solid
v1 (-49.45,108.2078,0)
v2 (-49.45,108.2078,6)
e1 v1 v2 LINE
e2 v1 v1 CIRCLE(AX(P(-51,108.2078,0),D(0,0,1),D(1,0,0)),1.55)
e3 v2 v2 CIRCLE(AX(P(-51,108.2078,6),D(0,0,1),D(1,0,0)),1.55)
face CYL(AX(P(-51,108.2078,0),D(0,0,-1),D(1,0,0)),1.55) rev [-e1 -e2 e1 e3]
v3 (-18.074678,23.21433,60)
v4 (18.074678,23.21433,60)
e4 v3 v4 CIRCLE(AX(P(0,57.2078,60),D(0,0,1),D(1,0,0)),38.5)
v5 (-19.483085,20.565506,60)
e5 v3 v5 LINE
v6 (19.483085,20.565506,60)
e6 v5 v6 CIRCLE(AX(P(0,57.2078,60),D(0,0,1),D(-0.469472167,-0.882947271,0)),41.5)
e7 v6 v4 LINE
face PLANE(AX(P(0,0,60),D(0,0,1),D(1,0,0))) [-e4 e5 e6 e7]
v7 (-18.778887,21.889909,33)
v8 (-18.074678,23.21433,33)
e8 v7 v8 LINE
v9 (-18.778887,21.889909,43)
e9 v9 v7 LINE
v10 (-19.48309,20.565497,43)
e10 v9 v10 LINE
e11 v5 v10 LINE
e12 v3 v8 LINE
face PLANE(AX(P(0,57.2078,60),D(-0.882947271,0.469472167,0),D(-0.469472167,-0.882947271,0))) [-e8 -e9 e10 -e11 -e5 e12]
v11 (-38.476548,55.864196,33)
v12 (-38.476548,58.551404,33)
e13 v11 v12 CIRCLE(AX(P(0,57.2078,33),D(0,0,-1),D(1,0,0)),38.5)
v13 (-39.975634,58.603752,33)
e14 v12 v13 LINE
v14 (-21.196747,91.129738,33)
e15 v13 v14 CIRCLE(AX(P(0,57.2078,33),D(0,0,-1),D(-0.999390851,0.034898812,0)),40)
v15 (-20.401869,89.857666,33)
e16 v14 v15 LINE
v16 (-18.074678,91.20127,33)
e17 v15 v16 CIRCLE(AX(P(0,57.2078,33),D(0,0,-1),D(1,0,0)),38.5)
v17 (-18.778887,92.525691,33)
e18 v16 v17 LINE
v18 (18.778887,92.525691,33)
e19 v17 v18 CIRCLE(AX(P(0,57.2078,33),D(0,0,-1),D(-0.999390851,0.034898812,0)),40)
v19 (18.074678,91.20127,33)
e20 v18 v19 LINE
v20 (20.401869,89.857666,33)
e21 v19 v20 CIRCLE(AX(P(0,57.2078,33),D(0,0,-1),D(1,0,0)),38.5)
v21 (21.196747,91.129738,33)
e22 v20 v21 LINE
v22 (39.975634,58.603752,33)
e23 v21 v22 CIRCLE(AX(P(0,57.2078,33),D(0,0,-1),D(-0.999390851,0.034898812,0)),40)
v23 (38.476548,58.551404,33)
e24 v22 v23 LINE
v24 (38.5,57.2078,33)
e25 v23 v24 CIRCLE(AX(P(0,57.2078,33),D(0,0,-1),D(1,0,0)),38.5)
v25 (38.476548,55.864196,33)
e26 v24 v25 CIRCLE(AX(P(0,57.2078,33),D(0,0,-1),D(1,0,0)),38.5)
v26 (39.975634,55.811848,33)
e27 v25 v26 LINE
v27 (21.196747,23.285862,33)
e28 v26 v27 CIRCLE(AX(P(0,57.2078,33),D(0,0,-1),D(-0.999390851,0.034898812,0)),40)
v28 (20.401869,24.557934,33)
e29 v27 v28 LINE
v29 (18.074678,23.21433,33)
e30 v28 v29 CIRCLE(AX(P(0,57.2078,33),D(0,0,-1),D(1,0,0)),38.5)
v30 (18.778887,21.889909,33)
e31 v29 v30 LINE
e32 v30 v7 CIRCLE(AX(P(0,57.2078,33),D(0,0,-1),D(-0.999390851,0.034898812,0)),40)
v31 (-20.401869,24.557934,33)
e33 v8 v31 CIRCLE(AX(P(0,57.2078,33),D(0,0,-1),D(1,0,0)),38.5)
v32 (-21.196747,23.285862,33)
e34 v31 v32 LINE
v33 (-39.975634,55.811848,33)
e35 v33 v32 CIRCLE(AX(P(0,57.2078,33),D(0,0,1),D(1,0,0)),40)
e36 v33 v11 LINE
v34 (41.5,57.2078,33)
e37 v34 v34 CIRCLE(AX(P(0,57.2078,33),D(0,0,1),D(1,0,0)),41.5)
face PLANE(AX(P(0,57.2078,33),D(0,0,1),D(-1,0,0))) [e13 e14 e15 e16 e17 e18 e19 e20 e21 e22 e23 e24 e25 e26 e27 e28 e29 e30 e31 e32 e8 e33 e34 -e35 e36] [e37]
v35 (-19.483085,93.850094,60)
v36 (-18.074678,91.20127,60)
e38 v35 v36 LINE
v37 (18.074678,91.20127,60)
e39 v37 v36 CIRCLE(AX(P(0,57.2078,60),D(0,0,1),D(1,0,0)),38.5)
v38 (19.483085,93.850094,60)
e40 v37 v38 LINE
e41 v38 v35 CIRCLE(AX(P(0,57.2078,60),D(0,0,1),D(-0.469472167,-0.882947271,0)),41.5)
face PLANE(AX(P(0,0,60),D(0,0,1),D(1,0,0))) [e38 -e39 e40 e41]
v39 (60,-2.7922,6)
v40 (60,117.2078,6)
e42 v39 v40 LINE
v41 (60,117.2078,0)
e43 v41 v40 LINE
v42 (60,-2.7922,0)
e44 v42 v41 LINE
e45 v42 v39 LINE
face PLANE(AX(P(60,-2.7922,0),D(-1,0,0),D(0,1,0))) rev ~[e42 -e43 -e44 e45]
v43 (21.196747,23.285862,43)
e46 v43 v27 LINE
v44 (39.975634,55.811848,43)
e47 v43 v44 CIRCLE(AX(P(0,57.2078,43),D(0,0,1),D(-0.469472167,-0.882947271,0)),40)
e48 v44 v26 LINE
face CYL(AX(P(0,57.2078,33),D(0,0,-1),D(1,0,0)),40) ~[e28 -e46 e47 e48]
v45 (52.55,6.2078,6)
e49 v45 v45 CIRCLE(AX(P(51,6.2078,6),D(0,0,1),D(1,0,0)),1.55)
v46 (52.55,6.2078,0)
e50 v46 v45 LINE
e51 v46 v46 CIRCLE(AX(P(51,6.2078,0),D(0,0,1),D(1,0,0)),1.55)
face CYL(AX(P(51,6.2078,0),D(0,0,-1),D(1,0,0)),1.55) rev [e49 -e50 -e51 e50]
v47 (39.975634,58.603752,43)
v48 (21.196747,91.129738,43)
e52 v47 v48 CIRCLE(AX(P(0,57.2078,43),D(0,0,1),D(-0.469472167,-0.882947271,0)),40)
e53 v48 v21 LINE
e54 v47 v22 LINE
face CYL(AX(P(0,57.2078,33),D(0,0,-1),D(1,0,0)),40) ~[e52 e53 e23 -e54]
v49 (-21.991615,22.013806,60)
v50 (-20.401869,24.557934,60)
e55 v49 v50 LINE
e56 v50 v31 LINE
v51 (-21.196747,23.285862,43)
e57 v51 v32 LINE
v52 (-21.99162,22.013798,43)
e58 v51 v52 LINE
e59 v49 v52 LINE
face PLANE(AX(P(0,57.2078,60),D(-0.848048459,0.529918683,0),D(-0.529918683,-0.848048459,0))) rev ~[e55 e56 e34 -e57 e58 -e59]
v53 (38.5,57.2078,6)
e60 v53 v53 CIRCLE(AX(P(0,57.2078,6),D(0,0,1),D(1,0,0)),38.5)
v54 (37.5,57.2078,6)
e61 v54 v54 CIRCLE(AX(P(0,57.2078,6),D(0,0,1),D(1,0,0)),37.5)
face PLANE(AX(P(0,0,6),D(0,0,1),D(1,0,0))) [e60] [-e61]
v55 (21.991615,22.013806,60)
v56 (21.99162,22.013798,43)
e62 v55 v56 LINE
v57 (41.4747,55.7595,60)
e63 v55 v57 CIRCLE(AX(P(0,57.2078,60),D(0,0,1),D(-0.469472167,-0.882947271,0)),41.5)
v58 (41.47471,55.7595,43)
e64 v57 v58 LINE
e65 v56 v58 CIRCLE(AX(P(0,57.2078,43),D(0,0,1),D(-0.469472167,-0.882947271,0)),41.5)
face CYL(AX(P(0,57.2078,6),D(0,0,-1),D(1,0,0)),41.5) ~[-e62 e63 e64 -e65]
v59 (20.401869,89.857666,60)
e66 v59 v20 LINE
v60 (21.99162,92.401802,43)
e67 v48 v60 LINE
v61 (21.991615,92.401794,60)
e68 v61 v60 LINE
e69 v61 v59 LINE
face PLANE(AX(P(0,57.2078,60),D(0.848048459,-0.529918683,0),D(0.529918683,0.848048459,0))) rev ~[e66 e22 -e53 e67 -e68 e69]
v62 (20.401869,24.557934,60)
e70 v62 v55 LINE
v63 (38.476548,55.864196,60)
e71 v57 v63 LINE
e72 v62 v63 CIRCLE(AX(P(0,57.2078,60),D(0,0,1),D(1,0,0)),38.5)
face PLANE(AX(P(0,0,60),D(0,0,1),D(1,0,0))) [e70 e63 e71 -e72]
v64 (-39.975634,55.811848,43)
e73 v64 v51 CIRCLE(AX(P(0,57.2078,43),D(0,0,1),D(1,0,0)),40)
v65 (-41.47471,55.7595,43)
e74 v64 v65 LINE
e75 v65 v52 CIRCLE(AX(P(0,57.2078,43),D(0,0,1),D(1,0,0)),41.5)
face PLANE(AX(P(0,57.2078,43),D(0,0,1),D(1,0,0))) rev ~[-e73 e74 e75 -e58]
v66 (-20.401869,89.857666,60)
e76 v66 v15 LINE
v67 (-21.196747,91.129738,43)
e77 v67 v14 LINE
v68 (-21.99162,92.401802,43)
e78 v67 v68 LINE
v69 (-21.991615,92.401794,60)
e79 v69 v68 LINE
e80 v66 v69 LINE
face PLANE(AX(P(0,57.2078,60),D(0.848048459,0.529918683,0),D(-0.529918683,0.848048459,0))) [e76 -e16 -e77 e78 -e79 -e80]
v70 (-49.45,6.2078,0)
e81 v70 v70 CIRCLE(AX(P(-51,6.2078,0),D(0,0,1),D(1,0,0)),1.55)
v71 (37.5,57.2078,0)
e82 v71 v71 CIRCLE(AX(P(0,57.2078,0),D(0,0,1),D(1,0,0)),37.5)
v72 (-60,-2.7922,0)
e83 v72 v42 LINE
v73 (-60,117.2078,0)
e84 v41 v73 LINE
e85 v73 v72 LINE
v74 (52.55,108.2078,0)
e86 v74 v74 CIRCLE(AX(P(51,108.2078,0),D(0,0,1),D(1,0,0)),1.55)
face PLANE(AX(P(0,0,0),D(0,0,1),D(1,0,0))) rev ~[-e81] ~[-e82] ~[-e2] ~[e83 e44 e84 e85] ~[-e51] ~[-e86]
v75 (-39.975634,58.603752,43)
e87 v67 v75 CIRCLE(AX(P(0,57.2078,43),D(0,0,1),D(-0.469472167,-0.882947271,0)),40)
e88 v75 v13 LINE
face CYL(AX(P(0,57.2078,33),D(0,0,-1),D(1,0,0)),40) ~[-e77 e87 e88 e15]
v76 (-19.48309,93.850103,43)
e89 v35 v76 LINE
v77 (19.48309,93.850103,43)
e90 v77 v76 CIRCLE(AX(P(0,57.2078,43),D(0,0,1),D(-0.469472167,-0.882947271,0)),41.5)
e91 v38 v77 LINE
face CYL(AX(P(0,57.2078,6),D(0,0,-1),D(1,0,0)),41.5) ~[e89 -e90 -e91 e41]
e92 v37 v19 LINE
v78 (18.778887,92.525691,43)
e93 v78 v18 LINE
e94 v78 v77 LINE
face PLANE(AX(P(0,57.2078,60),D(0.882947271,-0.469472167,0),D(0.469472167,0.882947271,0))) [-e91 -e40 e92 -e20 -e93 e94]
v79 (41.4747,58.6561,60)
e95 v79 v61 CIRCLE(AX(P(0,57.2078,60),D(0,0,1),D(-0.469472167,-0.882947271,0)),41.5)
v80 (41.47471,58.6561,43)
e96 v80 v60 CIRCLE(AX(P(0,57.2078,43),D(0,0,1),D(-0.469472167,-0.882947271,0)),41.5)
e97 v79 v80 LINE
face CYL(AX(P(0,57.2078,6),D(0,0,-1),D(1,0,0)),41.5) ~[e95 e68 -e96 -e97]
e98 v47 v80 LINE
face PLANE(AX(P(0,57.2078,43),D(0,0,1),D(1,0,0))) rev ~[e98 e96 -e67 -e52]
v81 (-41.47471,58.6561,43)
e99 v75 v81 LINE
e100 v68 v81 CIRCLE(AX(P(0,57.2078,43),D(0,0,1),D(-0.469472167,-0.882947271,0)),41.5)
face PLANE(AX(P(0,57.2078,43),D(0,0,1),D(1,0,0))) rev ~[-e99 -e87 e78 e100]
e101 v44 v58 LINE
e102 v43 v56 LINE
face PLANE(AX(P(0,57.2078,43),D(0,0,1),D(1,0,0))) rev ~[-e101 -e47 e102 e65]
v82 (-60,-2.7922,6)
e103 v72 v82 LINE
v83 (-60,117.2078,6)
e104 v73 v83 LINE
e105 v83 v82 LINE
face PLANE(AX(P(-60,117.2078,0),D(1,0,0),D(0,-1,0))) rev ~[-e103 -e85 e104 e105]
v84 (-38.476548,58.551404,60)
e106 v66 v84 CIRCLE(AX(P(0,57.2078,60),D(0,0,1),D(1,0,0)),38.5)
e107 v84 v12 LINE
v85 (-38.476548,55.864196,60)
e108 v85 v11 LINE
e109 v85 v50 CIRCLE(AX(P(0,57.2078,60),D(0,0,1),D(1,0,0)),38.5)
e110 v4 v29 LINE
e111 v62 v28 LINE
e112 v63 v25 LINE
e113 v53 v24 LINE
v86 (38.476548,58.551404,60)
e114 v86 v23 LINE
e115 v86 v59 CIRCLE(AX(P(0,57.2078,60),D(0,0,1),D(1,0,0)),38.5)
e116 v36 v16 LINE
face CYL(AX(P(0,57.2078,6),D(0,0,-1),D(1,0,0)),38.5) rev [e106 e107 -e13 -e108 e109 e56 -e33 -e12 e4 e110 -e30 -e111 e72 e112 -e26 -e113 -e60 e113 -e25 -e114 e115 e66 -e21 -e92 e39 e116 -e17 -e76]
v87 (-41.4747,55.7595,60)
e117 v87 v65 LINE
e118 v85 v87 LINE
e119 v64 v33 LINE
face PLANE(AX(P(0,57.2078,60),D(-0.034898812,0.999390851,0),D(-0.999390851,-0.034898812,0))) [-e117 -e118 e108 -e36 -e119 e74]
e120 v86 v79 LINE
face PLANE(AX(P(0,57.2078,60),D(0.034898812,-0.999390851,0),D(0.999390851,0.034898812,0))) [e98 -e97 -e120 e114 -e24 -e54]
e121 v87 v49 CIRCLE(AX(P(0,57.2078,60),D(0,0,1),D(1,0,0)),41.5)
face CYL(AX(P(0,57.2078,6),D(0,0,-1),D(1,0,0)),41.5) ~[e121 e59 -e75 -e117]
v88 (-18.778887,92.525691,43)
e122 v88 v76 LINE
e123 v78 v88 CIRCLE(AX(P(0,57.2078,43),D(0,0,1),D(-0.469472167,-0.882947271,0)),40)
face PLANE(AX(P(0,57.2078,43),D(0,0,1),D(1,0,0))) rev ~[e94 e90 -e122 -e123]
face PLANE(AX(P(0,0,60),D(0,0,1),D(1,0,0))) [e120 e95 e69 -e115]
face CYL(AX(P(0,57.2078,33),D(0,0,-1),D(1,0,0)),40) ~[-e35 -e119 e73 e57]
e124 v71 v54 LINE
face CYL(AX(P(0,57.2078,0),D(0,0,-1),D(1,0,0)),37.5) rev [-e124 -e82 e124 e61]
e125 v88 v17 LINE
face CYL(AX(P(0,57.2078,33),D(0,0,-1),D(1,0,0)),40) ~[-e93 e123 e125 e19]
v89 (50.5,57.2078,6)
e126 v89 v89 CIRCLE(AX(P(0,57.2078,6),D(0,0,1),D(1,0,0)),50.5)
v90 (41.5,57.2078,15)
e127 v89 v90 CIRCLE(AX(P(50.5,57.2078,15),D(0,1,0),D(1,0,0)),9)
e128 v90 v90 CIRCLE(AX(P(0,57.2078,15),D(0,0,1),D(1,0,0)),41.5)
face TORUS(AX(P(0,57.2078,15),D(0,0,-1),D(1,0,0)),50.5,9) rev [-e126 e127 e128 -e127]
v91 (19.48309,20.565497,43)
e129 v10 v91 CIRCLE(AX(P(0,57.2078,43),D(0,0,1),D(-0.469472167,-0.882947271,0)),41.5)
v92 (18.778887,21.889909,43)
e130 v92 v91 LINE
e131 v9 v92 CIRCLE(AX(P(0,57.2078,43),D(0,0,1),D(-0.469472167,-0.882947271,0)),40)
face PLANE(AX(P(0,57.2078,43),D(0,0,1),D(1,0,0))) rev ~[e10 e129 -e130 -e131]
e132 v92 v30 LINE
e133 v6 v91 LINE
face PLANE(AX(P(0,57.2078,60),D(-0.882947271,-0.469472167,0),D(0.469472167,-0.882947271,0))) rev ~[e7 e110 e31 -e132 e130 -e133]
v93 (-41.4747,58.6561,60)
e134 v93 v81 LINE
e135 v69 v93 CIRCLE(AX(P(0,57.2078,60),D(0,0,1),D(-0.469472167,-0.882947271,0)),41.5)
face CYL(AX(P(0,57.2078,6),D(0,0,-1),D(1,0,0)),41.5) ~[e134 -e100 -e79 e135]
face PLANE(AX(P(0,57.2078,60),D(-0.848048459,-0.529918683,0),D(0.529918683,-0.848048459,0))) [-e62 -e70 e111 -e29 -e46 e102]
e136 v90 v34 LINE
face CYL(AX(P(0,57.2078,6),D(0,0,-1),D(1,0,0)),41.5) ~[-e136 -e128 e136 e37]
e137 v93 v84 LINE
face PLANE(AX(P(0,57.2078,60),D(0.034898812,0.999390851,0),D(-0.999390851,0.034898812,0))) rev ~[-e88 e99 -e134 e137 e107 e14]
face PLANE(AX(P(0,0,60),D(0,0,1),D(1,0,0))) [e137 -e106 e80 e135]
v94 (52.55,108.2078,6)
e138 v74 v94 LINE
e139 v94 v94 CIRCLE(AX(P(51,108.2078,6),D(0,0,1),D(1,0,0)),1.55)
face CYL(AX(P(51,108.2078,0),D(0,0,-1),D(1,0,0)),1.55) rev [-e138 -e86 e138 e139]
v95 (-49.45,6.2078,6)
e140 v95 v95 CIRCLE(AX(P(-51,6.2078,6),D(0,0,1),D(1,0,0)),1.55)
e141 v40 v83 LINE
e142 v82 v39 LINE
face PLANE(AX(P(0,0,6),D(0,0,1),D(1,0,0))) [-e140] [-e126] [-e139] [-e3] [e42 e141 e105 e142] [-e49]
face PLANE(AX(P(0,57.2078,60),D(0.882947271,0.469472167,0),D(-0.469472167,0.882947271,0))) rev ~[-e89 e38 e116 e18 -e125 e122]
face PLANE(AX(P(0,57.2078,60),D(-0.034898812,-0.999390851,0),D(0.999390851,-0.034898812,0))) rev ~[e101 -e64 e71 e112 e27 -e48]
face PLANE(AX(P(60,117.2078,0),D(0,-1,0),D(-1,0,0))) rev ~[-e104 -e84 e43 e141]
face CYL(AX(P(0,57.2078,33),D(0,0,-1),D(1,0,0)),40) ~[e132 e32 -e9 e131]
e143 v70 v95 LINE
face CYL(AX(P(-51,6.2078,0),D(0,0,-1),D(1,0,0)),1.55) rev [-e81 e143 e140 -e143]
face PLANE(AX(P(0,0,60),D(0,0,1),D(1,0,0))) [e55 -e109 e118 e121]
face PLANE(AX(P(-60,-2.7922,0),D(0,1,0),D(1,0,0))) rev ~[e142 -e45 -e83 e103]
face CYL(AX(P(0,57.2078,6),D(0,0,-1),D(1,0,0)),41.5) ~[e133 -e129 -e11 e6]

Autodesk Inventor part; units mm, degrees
ref_plane "YZ Plane" through (0, 0, 0) normal (1, 0, 0) x (0, 1, 0)
ref_plane "XZ Plane" through (0, 0, 0) normal (0, 1, 0) x (-1, 0, 0)
sketch "Sketch1" plane through (0, 0, 0) normal (0, 0, 1) x (1, 0, 0)
  circle A0 centre (-51, -113.7922) radius 1.55 projected
  circle A1 centre (51, -113.7922) radius 1.55 projected
  circle A2 centre (-51, 108.2078) radius 1.55 projected
  circle A3 centre (51, 6.2078) radius 1.55 projected
  circle A4 centre (51, 108.2078) radius 1.55 projected
  circle A5 centre (-51, 6.2078) radius 1.55 projected
  circle A6 centre (51, -11.7922) radius 1.55 projected
  circle A7 centre (-51, -11.7922) radius 1.55 projected
  circle A8 centre (0, -62.7922) radius 54 projected
  circle A9 centre (0, 57.2078) radius 54 projected
  line L0 (-60, 117.2078) -> (-60, -112.7922) projected
  arc A10 (-60, -112.7922) -> (-50, -122.7922) centre (-50, -112.7922) ccw projected
  line L1 (-50, -122.7922) -> (50, -122.7922) projected
  arc A11 (50, -122.7922) -> (60, -112.7922) centre (50, -112.7922) ccw projected
  line L2 (60, -112.7922) -> (60, 117.2078) projected
  line L3 (60, 117.2078) -> (-60, 117.2078) projected
  line L4 (-60, -2.7922) -> (60, -2.7922)
  line L5 (60, -2.7922) -> (60, 117.2078)
  line L6 (60, 117.2078) -> (-60, 117.2078)
  line L7 (-60, 117.2078) -> (-60, -2.7922)
  line L8 (-60, -2.7922) -> (60, 117.2078) construction
  line L9 (60, -2.7922) -> (-60, 117.2078) construction
  circle A12 centre (0, 57.2078) radius 37.5
  point P0 (0, 0)
  dimension "d3" = 75
extrude "Extrusion1" add sketch "Sketch1" along normal blind 6 contours A9 | L3 L2 L4 L0
sketch "Sketch3" plane through (0, 0, 6) normal (0, 0, 1) x (1, 0, 0)
  circle A0 centre (0, 57.2078) radius 37.5 construction
  circle A1 centre (0, 57.2078) radius 38.5
  circle A2 centre (0, 57.2078) radius 41.5
  point P0 (0, 0)
  dimension "d4" = 77
  dimension "d5" = 3
extrude "Extrusion2" add sketch "Sketch3" along normal blind 54
ref_plane "Work Plane1" through (0, 57.2078, 33) normal (0, 0, 1) x (1, 0, 0)
sketch "Sketch4" plane through (0, 57.2078, 33) normal (0, 0, 1) x (1, 0, 0)
  circle A0 centre (0, 0) radius 38.5 construction
  circle A1 centre (0, 0) radius 41.5 projected
  circle A2 centre (0, 0) radius 40
  point P0 (0, -57.2078)
  dimension "d9" = 1.5
extrude "Extrusion3" cut sketch "Sketch4" along normal blind 10
sketch "Sketch5" plane through (0, 57.2078, 60) normal (0, 0, 1) x (1, 0, 0)
  circle A0 centre (0, 0) radius 38.5 projected
  circle A1 centre (0, 0) radius 41.5 projected
  line L0 (0, 0) -> (-53, 0) construction
  line L1 (0, 0) -> (-41.4747, -1.4483)
  circle A2 centre (0, 0) radius 41.5 projected
  line L2 (0, 0) -> (-41.4747, 1.4483)
  point P0 (0, -57.2078)
  dimension "d12" = 4
extrude "Extrusion4" cut sketch "Sketch5" against normal up to surface (27 mm away) contours L2 L1 A0 | A0 L1 A1 L2 picked at (-25.658, -0.5972) picked at (-40.4973, 0.1493)
pattern_circular "Circular Pattern1" count 6 over 360 about axis through (0, 57.2078, 6) along (0, 0, 1) of "Extrusion4"
fillet "Fillet1" radius 9 1 edges at (-41.5, 57.2078, 6)
equation "\"d0\" = 2 * thickness"
equation "\"d5\" = thickness"
equation "\"d6\" = fixture_height"
equation "\"d9\" = 0.5 * thickness"
equation "\"d18\" = 3 * thickness"
equation "\"thickness\" = 3"
equation "\"fixture_height\" = 18 * thickness"
equation "\"d8\" = -0.5 * fixture_height"
properties part number "Cup_Dispenser_Fixture"
